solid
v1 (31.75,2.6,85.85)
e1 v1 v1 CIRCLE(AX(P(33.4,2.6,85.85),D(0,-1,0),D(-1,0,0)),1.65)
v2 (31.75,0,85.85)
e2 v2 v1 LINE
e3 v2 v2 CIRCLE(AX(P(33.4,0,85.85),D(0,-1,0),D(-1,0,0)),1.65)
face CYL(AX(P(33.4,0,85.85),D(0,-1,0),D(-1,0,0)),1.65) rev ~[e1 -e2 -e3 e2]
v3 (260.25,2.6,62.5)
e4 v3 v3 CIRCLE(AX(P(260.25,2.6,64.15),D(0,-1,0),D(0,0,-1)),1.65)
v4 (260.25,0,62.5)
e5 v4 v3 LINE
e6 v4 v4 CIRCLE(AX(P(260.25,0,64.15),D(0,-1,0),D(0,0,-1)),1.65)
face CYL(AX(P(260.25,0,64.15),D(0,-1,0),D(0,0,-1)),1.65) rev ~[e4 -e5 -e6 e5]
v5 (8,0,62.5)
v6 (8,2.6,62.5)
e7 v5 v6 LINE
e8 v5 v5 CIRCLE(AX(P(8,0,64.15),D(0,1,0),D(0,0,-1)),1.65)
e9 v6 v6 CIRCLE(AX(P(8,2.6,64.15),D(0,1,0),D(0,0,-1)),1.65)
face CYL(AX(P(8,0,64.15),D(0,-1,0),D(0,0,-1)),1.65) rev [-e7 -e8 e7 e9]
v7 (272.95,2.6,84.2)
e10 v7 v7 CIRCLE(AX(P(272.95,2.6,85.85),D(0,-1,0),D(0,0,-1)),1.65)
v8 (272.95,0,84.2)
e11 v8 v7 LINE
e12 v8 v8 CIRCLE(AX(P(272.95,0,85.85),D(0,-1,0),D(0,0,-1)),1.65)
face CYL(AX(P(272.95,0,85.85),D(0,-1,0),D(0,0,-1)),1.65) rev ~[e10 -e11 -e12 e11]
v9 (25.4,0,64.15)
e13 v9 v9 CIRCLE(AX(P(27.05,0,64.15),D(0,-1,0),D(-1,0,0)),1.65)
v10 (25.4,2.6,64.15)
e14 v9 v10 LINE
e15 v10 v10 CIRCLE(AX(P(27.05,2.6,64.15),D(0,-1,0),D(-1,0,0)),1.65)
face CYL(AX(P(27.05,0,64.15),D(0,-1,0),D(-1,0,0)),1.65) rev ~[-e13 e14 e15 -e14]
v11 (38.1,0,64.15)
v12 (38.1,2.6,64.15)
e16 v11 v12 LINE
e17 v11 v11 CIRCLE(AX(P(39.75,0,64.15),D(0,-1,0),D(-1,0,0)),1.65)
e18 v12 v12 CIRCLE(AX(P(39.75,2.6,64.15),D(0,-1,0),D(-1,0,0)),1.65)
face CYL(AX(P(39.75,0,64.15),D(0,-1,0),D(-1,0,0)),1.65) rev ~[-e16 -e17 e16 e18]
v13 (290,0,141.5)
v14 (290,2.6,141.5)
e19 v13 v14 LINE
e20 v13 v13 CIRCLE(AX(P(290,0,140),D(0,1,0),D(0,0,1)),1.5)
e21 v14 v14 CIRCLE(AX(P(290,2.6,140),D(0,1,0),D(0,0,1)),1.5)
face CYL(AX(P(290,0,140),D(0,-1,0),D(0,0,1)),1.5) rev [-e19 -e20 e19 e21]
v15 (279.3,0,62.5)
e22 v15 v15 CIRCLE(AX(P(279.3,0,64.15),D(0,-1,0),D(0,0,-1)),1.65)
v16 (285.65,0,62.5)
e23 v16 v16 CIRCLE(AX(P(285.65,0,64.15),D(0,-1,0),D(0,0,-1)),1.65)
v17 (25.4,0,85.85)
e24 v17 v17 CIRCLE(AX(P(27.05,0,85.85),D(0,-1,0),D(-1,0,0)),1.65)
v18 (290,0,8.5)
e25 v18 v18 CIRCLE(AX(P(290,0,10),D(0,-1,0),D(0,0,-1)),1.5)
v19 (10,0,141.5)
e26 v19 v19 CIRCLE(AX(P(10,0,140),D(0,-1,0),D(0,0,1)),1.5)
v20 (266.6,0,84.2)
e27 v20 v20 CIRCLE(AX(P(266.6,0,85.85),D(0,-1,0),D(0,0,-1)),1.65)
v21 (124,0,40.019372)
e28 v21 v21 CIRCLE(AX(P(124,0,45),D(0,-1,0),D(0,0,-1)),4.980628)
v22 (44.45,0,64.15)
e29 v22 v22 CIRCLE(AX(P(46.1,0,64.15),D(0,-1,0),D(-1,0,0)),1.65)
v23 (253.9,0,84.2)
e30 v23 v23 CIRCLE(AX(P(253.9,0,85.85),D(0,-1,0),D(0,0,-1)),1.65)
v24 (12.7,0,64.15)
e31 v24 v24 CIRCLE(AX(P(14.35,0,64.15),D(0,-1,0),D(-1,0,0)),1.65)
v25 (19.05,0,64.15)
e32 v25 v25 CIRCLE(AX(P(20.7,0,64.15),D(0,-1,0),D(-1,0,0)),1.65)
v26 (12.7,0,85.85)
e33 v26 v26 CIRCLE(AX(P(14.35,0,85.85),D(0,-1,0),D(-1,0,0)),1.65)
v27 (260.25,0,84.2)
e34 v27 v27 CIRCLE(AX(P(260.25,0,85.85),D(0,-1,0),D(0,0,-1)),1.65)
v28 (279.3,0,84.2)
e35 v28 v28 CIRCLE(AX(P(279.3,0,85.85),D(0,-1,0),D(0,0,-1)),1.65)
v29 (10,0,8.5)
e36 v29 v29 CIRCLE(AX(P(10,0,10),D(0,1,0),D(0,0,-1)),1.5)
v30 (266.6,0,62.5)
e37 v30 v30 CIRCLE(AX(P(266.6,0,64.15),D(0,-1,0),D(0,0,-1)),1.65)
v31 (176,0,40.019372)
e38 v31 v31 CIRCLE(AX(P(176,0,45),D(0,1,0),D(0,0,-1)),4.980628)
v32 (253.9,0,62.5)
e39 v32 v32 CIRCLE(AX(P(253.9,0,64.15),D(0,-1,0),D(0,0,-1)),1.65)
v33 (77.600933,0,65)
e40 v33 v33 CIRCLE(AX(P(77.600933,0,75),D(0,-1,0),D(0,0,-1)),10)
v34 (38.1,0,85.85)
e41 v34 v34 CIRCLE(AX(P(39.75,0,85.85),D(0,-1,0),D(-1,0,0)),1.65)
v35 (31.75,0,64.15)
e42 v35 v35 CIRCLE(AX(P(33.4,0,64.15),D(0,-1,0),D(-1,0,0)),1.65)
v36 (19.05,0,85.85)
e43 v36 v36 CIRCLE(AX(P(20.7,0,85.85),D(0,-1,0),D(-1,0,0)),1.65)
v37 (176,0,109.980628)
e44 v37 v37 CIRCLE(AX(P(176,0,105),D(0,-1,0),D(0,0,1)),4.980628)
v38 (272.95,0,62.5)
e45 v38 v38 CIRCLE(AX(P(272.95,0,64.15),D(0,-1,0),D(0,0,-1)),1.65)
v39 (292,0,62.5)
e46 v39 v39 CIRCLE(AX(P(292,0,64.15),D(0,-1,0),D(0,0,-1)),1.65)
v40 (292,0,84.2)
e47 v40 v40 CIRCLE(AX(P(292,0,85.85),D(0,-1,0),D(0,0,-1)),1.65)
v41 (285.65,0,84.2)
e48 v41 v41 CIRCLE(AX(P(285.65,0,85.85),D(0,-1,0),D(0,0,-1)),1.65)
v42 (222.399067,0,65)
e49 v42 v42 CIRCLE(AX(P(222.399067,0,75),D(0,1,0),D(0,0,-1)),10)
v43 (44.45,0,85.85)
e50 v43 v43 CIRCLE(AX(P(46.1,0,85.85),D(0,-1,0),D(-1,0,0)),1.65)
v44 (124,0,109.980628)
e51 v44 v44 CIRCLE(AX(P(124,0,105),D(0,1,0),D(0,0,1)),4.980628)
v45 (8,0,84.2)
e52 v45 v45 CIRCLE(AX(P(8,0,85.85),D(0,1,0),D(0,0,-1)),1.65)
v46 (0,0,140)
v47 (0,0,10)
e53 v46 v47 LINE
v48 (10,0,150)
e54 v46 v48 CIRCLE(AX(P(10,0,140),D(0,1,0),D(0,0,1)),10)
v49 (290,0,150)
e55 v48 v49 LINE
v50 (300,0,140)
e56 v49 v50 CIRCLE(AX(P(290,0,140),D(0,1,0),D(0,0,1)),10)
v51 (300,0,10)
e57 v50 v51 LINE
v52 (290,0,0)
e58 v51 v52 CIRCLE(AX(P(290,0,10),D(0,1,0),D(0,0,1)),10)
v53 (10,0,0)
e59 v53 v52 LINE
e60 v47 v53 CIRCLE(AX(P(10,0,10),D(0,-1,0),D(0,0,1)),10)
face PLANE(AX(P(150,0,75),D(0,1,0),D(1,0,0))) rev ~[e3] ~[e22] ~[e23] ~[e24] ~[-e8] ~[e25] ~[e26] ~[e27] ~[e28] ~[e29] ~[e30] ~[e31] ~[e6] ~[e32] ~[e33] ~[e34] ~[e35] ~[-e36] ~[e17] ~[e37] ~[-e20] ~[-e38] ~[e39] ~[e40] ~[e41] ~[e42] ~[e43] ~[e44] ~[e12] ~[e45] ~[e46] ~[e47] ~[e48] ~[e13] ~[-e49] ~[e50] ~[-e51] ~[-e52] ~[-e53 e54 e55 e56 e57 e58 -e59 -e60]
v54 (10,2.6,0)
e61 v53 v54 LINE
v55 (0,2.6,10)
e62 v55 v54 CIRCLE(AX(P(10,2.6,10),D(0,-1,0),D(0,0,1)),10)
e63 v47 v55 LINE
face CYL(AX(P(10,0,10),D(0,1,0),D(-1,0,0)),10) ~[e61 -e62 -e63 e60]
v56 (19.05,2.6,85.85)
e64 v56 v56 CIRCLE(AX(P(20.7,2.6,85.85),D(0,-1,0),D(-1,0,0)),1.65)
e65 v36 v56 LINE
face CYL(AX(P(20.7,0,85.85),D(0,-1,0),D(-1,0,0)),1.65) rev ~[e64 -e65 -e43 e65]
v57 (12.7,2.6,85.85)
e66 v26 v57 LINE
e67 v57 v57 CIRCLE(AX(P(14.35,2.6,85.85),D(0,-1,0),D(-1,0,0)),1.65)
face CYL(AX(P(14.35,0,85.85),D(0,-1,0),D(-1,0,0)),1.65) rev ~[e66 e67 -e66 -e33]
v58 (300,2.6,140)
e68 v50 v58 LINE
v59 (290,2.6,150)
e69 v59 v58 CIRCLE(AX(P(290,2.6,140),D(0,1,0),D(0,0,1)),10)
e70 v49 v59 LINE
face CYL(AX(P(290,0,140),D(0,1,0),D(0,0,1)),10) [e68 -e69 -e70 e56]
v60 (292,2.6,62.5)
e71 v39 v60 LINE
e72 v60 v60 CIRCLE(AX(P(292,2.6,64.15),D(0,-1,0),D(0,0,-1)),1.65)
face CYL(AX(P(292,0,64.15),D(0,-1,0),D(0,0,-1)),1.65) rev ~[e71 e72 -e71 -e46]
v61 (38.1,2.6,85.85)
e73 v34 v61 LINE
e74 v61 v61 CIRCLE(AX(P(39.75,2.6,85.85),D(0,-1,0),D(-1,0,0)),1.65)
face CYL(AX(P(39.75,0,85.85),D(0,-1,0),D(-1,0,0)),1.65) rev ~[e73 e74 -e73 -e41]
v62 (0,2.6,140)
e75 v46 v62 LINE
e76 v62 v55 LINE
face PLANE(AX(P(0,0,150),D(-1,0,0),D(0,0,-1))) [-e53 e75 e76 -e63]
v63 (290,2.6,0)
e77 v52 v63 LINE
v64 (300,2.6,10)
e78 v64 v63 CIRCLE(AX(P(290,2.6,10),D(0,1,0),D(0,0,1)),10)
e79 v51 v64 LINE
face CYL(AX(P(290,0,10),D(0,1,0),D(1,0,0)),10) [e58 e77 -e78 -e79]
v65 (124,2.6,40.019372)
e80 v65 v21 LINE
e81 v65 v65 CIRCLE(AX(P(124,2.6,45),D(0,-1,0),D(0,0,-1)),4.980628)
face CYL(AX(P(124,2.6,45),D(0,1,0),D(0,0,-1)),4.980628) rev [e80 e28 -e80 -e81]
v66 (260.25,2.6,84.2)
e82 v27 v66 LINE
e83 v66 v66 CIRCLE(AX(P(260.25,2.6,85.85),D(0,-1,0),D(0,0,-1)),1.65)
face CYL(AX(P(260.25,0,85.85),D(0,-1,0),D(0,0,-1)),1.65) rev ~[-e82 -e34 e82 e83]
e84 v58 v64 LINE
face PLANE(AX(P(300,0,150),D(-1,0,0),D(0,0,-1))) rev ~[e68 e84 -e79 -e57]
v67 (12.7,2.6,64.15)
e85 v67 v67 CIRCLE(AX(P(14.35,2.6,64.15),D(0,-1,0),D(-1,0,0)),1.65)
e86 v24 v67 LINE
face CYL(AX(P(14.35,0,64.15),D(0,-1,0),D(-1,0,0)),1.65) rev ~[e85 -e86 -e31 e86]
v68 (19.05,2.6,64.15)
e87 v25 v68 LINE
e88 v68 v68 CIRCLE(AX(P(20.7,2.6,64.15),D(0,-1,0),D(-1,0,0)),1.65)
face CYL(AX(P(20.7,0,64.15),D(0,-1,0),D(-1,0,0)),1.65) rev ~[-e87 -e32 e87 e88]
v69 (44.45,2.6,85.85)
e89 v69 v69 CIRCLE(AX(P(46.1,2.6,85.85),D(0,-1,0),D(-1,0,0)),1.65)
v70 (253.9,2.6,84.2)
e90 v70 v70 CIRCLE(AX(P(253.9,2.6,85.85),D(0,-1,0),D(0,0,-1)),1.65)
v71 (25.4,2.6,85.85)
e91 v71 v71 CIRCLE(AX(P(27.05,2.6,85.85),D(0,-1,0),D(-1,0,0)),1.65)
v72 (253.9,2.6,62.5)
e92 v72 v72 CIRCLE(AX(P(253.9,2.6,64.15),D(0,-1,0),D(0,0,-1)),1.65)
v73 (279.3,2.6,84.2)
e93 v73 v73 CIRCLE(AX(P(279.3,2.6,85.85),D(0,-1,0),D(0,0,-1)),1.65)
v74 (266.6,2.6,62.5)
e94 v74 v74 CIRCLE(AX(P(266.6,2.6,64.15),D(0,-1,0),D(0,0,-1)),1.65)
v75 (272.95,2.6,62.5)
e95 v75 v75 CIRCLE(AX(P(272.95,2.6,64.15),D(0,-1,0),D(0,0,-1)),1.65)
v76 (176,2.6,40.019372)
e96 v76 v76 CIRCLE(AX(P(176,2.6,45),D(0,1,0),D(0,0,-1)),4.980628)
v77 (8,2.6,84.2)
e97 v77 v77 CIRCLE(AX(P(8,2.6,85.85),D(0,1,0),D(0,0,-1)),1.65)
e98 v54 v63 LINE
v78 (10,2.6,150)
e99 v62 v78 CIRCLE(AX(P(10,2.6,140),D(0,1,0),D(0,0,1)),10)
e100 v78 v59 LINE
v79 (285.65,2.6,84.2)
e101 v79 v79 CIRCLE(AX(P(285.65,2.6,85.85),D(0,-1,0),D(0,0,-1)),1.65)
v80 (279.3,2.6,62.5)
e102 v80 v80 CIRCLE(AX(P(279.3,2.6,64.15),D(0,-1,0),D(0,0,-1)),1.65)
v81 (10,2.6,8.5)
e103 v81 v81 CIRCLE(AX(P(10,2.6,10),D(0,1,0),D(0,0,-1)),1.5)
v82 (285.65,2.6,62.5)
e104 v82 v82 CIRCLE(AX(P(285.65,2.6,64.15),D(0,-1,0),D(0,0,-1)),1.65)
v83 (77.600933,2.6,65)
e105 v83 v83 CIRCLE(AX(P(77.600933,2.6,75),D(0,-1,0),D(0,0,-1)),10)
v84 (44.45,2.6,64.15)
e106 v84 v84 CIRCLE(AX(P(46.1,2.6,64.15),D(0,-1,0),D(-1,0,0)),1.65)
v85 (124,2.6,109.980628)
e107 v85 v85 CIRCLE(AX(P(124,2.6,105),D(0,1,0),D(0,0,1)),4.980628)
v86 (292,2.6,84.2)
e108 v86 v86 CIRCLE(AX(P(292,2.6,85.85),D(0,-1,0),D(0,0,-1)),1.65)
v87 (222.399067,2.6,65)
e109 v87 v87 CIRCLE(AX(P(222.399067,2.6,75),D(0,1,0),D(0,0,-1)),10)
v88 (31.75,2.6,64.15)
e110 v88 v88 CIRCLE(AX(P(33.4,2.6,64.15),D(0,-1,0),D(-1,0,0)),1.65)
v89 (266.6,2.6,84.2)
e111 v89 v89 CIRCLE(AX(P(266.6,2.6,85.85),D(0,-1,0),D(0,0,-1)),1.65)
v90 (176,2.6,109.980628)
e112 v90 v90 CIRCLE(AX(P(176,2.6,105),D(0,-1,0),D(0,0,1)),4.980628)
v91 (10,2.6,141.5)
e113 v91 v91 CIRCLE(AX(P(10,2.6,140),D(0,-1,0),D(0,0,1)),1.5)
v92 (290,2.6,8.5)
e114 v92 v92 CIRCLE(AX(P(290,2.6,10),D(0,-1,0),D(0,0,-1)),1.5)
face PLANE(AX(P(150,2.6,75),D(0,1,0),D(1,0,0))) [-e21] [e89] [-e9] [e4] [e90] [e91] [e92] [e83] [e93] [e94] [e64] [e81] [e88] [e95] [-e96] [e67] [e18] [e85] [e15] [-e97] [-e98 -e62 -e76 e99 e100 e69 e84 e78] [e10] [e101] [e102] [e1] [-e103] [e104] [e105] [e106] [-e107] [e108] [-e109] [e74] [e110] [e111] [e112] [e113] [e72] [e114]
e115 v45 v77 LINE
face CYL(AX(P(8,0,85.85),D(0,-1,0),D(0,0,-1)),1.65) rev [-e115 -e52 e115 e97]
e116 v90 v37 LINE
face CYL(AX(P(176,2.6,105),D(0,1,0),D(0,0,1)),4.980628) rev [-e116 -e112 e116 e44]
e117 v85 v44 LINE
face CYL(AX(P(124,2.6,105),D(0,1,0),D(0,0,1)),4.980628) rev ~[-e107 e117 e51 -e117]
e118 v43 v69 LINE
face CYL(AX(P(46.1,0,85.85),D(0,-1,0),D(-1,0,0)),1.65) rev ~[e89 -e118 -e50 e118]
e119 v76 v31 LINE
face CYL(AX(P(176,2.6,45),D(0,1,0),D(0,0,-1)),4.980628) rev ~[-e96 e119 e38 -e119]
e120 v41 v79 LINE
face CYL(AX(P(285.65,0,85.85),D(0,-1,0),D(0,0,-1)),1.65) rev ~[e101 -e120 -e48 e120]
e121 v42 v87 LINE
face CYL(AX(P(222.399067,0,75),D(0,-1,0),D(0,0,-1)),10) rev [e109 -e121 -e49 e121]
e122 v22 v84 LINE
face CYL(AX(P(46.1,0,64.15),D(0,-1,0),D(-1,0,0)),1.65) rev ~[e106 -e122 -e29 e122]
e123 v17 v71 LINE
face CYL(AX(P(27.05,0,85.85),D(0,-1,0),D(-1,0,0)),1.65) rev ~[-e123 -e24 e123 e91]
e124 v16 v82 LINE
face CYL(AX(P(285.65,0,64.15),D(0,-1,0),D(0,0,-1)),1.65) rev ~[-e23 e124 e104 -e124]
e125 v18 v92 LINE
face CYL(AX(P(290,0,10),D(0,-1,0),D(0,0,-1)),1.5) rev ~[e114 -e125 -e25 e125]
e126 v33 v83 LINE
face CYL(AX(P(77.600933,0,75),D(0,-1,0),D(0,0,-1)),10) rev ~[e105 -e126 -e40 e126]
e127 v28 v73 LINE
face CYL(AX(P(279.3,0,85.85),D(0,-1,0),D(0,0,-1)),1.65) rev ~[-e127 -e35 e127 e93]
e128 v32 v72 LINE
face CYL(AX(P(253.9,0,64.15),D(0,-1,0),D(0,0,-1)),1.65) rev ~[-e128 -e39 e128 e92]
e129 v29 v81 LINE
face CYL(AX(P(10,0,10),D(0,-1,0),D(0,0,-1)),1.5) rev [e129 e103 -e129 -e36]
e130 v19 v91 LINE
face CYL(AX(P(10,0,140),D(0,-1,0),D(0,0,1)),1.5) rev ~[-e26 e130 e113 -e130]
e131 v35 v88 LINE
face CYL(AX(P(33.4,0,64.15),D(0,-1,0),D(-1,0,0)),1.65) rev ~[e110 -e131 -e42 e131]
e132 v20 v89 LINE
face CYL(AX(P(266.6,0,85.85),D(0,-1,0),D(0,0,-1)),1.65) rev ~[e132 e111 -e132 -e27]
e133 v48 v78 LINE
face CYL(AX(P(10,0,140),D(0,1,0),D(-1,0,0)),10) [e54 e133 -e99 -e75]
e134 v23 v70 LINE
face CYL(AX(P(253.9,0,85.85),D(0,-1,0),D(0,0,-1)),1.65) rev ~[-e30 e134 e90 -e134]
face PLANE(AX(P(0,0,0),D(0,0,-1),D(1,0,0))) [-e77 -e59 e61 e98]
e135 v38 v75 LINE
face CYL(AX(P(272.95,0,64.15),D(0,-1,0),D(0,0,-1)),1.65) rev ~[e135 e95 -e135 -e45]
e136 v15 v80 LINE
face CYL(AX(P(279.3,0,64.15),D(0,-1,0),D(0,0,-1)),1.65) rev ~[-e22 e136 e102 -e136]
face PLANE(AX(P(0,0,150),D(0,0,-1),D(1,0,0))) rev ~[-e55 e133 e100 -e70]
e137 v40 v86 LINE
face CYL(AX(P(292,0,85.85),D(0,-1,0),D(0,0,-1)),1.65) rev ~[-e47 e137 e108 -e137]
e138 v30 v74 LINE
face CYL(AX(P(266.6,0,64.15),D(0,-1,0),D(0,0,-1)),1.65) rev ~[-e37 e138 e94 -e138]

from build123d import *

# Parameters (mm, degrees)
SKETCH1_W               = 300
SKETCH1_H               = 150
BOSS_EXTRUDE1_DEPTH     = 2.6
FILLET1_R               = 10
SKETCH8_R               = 1.65
CUT_EXTRUDE4_DEPTH      = 2.6
LPATTERN1_COUNT         = 7
LPATTERN1_PITCH         = 6.35
MIRROR1_COPY_1_SKETCH_R = 1.65
MIRROR1_COPY_1_DEPTH    = 2.6
MIRROR1_COPY_2_SKETCH_R = 1.65
MIRROR1_COPY_2_DEPTH    = 2.6
MIRROR1_COPY_3_SKETCH_R = 1.65
MIRROR1_COPY_3_DEPTH    = 2.6
MIRROR1_COPY_4_SKETCH_R = 1.65
MIRROR1_COPY_4_DEPTH    = 2.6
MIRROR1_COPY_5_SKETCH_R = 1.65
MIRROR1_COPY_5_DEPTH    = 2.6
MIRROR1_COPY_6_SKETCH_R = 1.65
MIRROR1_COPY_6_DEPTH    = 2.6
SKETCH6_R               = 1.5
CUT_EXTRUDE6_DEPTH      = 2.6
MIRROR6_COPY_1_SKETCH_R = 1.5
MIRROR6_COPY_1_DEPTH    = 2.6
SKETCH13_R              = 4.980627928
CUT_EXTRUDE7_DEPTH      = 2.6
MIRROR8_COPY_1_SKETCH_R = 4.980627928
MIRROR8_COPY_1_DEPTH    = 2.6
SKETCH15_R              = 10
CUT_EXTRUDE8_DEPTH      = 2.6


with BuildPart() as part:
    # Sketch1 → Boss-Extrude1 (new body)
    with BuildSketch(Plane(origin=(0, 0, 0), x_dir=(1, 0, 0), z_dir=(0, 1, 0))):
        with Locations((150, -75)):
            Rectangle(SKETCH1_W, SKETCH1_H)
    extrude(amount=BOSS_EXTRUDE1_DEPTH)

    # Fillet1
    fillet1_edges = [part.edges().sort_by_distance(p)[0] for p in [
        (0, 1.3, 0),
        (300, 1.3, 0),
        (300, 1.3, 150),
        (0, 1.3, 150),
    ]]
    fillet(fillet1_edges, radius=FILLET1_R)

    # Sketch8 → Cut-Extrude4 (cut)
    with BuildSketch(Plane.XZ):
        with Locations(Location((292, 85.85, 0), (0, 0, 270))):
            Circle(SKETCH8_R)
        with Locations(Location((292, 64.15, 0), (0, 0, 270))):
            Circle(SKETCH8_R)
    cut_extrude4 = extrude(amount=-CUT_EXTRUDE4_DEPTH, mode=Mode.SUBTRACT)

    # LPattern1: Cut-Extrude4 ×7
    with Locations(*[(-i * LPATTERN1_PITCH, 0, 0) for i in range(1, LPATTERN1_COUNT)]):
        add(cut_extrude4, mode=Mode.SUBTRACT)

    # Mirror1: Cut-Extrude4 across plane
    add(cut_extrude4.mirror(Plane(origin=(150, 0, 0), x_dir=(0, 0, 1), z_dir=(1, 0, 0))), mode=Mode.SUBTRACT)

    # Mirror1 copy 1 sketch → Mirror1 copy 1 (cut)
    with BuildSketch(Plane(origin=(306.35, 0, 0), x_dir=(-1, 0, 0), z_dir=(0, -1, 0))):
        with Locations((292, -85.85)):
            Circle(MIRROR1_COPY_1_SKETCH_R)
        with Locations((292, -64.15)):
            Circle(MIRROR1_COPY_1_SKETCH_R)
    extrude(amount=-MIRROR1_COPY_1_DEPTH, mode=Mode.SUBTRACT)

    # Mirror1 copy 2 sketch → Mirror1 copy 2 (cut)
    with BuildSketch(Plane(origin=(312.7, 0, 0), x_dir=(-1, 0, 0), z_dir=(0, -1, 0))):
        with Locations((292, -85.85)):
            Circle(MIRROR1_COPY_2_SKETCH_R)
        with Locations((292, -64.15)):
            Circle(MIRROR1_COPY_2_SKETCH_R)
    extrude(amount=-MIRROR1_COPY_2_DEPTH, mode=Mode.SUBTRACT)

    # Mirror1 copy 3 sketch → Mirror1 copy 3 (cut)
    with BuildSketch(Plane(origin=(319.05, 0, 0), x_dir=(-1, 0, 0), z_dir=(0, -1, 0))):
        with Locations((292, -85.85)):
            Circle(MIRROR1_COPY_3_SKETCH_R)
        with Locations((292, -64.15)):
            Circle(MIRROR1_COPY_3_SKETCH_R)
    extrude(amount=-MIRROR1_COPY_3_DEPTH, mode=Mode.SUBTRACT)

    # Mirror1 copy 4 sketch → Mirror1 copy 4 (cut)
    with BuildSketch(Plane(origin=(325.4, 0, 0), x_dir=(-1, 0, 0), z_dir=(0, -1, 0))):
        with Locations((292, -85.85)):
            Circle(MIRROR1_COPY_4_SKETCH_R)
        with Locations((292, -64.15)):
            Circle(MIRROR1_COPY_4_SKETCH_R)
    extrude(amount=-MIRROR1_COPY_4_DEPTH, mode=Mode.SUBTRACT)

    # Mirror1 copy 5 sketch → Mirror1 copy 5 (cut)
    with BuildSketch(Plane(origin=(331.75, 0, 0), x_dir=(-1, 0, 0), z_dir=(0, -1, 0))):
        with Locations((292, -85.85)):
            Circle(MIRROR1_COPY_5_SKETCH_R)
        with Locations((292, -64.15)):
            Circle(MIRROR1_COPY_5_SKETCH_R)
    extrude(amount=-MIRROR1_COPY_5_DEPTH, mode=Mode.SUBTRACT)

    # Mirror1 copy 6 sketch → Mirror1 copy 6 (cut)
    with BuildSketch(Plane(origin=(338.1, 0, 0), x_dir=(-1, 0, 0), z_dir=(0, -1, 0))):
        with Locations((292, -85.85)):
            Circle(MIRROR1_COPY_6_SKETCH_R)
        with Locations((292, -64.15)):
            Circle(MIRROR1_COPY_6_SKETCH_R)
    extrude(amount=-MIRROR1_COPY_6_DEPTH, mode=Mode.SUBTRACT)

    # Sketch6 → Cut-Extrude6 (cut)
    with BuildSketch(Plane.XZ):
        with Locations(Location((290, 10, 0), (0, 0, 270))):
            Circle(SKETCH6_R)
    cut_extrude6 = extrude(amount=-CUT_EXTRUDE6_DEPTH, mode=Mode.SUBTRACT)

    # Mirror5: Cut-Extrude6 across plane
    add(cut_extrude6.mirror(Plane(origin=(150, 0, 0), x_dir=(0, 0, 1), z_dir=(1, 0, 0))), mode=Mode.SUBTRACT)

    # Mirror6: Cut-Extrude6 across plane
    add(cut_extrude6.mirror(Plane.XY.offset(75)), mode=Mode.SUBTRACT)

    # Mirror6 copy 1 sketch → Mirror6 copy 1 (cut)
    with BuildSketch(Plane(origin=(300, 0, 150), x_dir=(-1, 0, 0), z_dir=(0, -1, 0))):
        with Locations(Location((290, 10, 0), (0, 0, 270))):
            Circle(MIRROR6_COPY_1_SKETCH_R)
    extrude(amount=-MIRROR6_COPY_1_DEPTH, mode=Mode.SUBTRACT)

    # Sketch13 → Cut-Extrude7 (cut)
    with BuildSketch(Plane(origin=(0, 2.6, 0), x_dir=(1, 0, 0), z_dir=(0, 1, 0))):
        with Locations(Location((124, -105, 0), (0, 0, 270))):
            Circle(SKETCH13_R)
    cut_extrude7 = extrude(amount=-CUT_EXTRUDE7_DEPTH, mode=Mode.SUBTRACT)

    # Mirror7: Cut-Extrude7 across plane
    add(cut_extrude7.mirror(Plane.XY.offset(75)), mode=Mode.SUBTRACT)

    # Mirror8: Cut-Extrude7 across plane
    add(cut_extrude7.mirror(Plane(origin=(150, 0, 0), x_dir=(0, 0, 1), z_dir=(1, 0, 0))), mode=Mode.SUBTRACT)

    # Mirror8 copy 1 sketch → Mirror8 copy 1 (cut)
    with BuildSketch(Plane(origin=(300, 2.6, 150), x_dir=(-1, 0, 0), z_dir=(0, 1, 0))):
        with Locations(Location((124, -105, 0), (0, 0, 270))):
            Circle(MIRROR8_COPY_1_SKETCH_R)
    extrude(amount=-MIRROR8_COPY_1_DEPTH, mode=Mode.SUBTRACT)

    # Sketch15 → Cut-Extrude8 (cut)
    with BuildSketch(Plane.XZ):
        with Locations(Location((77.600932522, 75, 0), (0, 0, 270))):
            Circle(SKETCH15_R)
    cut_extrude8 = extrude(amount=-CUT_EXTRUDE8_DEPTH, mode=Mode.SUBTRACT)

    # Mirror9: Cut-Extrude8 across plane
    add(cut_extrude8.mirror(Plane(origin=(150, 0, 0), x_dir=(0, 0, 1), z_dir=(1, 0, 0))), mode=Mode.SUBTRACT)


solid = part.part
